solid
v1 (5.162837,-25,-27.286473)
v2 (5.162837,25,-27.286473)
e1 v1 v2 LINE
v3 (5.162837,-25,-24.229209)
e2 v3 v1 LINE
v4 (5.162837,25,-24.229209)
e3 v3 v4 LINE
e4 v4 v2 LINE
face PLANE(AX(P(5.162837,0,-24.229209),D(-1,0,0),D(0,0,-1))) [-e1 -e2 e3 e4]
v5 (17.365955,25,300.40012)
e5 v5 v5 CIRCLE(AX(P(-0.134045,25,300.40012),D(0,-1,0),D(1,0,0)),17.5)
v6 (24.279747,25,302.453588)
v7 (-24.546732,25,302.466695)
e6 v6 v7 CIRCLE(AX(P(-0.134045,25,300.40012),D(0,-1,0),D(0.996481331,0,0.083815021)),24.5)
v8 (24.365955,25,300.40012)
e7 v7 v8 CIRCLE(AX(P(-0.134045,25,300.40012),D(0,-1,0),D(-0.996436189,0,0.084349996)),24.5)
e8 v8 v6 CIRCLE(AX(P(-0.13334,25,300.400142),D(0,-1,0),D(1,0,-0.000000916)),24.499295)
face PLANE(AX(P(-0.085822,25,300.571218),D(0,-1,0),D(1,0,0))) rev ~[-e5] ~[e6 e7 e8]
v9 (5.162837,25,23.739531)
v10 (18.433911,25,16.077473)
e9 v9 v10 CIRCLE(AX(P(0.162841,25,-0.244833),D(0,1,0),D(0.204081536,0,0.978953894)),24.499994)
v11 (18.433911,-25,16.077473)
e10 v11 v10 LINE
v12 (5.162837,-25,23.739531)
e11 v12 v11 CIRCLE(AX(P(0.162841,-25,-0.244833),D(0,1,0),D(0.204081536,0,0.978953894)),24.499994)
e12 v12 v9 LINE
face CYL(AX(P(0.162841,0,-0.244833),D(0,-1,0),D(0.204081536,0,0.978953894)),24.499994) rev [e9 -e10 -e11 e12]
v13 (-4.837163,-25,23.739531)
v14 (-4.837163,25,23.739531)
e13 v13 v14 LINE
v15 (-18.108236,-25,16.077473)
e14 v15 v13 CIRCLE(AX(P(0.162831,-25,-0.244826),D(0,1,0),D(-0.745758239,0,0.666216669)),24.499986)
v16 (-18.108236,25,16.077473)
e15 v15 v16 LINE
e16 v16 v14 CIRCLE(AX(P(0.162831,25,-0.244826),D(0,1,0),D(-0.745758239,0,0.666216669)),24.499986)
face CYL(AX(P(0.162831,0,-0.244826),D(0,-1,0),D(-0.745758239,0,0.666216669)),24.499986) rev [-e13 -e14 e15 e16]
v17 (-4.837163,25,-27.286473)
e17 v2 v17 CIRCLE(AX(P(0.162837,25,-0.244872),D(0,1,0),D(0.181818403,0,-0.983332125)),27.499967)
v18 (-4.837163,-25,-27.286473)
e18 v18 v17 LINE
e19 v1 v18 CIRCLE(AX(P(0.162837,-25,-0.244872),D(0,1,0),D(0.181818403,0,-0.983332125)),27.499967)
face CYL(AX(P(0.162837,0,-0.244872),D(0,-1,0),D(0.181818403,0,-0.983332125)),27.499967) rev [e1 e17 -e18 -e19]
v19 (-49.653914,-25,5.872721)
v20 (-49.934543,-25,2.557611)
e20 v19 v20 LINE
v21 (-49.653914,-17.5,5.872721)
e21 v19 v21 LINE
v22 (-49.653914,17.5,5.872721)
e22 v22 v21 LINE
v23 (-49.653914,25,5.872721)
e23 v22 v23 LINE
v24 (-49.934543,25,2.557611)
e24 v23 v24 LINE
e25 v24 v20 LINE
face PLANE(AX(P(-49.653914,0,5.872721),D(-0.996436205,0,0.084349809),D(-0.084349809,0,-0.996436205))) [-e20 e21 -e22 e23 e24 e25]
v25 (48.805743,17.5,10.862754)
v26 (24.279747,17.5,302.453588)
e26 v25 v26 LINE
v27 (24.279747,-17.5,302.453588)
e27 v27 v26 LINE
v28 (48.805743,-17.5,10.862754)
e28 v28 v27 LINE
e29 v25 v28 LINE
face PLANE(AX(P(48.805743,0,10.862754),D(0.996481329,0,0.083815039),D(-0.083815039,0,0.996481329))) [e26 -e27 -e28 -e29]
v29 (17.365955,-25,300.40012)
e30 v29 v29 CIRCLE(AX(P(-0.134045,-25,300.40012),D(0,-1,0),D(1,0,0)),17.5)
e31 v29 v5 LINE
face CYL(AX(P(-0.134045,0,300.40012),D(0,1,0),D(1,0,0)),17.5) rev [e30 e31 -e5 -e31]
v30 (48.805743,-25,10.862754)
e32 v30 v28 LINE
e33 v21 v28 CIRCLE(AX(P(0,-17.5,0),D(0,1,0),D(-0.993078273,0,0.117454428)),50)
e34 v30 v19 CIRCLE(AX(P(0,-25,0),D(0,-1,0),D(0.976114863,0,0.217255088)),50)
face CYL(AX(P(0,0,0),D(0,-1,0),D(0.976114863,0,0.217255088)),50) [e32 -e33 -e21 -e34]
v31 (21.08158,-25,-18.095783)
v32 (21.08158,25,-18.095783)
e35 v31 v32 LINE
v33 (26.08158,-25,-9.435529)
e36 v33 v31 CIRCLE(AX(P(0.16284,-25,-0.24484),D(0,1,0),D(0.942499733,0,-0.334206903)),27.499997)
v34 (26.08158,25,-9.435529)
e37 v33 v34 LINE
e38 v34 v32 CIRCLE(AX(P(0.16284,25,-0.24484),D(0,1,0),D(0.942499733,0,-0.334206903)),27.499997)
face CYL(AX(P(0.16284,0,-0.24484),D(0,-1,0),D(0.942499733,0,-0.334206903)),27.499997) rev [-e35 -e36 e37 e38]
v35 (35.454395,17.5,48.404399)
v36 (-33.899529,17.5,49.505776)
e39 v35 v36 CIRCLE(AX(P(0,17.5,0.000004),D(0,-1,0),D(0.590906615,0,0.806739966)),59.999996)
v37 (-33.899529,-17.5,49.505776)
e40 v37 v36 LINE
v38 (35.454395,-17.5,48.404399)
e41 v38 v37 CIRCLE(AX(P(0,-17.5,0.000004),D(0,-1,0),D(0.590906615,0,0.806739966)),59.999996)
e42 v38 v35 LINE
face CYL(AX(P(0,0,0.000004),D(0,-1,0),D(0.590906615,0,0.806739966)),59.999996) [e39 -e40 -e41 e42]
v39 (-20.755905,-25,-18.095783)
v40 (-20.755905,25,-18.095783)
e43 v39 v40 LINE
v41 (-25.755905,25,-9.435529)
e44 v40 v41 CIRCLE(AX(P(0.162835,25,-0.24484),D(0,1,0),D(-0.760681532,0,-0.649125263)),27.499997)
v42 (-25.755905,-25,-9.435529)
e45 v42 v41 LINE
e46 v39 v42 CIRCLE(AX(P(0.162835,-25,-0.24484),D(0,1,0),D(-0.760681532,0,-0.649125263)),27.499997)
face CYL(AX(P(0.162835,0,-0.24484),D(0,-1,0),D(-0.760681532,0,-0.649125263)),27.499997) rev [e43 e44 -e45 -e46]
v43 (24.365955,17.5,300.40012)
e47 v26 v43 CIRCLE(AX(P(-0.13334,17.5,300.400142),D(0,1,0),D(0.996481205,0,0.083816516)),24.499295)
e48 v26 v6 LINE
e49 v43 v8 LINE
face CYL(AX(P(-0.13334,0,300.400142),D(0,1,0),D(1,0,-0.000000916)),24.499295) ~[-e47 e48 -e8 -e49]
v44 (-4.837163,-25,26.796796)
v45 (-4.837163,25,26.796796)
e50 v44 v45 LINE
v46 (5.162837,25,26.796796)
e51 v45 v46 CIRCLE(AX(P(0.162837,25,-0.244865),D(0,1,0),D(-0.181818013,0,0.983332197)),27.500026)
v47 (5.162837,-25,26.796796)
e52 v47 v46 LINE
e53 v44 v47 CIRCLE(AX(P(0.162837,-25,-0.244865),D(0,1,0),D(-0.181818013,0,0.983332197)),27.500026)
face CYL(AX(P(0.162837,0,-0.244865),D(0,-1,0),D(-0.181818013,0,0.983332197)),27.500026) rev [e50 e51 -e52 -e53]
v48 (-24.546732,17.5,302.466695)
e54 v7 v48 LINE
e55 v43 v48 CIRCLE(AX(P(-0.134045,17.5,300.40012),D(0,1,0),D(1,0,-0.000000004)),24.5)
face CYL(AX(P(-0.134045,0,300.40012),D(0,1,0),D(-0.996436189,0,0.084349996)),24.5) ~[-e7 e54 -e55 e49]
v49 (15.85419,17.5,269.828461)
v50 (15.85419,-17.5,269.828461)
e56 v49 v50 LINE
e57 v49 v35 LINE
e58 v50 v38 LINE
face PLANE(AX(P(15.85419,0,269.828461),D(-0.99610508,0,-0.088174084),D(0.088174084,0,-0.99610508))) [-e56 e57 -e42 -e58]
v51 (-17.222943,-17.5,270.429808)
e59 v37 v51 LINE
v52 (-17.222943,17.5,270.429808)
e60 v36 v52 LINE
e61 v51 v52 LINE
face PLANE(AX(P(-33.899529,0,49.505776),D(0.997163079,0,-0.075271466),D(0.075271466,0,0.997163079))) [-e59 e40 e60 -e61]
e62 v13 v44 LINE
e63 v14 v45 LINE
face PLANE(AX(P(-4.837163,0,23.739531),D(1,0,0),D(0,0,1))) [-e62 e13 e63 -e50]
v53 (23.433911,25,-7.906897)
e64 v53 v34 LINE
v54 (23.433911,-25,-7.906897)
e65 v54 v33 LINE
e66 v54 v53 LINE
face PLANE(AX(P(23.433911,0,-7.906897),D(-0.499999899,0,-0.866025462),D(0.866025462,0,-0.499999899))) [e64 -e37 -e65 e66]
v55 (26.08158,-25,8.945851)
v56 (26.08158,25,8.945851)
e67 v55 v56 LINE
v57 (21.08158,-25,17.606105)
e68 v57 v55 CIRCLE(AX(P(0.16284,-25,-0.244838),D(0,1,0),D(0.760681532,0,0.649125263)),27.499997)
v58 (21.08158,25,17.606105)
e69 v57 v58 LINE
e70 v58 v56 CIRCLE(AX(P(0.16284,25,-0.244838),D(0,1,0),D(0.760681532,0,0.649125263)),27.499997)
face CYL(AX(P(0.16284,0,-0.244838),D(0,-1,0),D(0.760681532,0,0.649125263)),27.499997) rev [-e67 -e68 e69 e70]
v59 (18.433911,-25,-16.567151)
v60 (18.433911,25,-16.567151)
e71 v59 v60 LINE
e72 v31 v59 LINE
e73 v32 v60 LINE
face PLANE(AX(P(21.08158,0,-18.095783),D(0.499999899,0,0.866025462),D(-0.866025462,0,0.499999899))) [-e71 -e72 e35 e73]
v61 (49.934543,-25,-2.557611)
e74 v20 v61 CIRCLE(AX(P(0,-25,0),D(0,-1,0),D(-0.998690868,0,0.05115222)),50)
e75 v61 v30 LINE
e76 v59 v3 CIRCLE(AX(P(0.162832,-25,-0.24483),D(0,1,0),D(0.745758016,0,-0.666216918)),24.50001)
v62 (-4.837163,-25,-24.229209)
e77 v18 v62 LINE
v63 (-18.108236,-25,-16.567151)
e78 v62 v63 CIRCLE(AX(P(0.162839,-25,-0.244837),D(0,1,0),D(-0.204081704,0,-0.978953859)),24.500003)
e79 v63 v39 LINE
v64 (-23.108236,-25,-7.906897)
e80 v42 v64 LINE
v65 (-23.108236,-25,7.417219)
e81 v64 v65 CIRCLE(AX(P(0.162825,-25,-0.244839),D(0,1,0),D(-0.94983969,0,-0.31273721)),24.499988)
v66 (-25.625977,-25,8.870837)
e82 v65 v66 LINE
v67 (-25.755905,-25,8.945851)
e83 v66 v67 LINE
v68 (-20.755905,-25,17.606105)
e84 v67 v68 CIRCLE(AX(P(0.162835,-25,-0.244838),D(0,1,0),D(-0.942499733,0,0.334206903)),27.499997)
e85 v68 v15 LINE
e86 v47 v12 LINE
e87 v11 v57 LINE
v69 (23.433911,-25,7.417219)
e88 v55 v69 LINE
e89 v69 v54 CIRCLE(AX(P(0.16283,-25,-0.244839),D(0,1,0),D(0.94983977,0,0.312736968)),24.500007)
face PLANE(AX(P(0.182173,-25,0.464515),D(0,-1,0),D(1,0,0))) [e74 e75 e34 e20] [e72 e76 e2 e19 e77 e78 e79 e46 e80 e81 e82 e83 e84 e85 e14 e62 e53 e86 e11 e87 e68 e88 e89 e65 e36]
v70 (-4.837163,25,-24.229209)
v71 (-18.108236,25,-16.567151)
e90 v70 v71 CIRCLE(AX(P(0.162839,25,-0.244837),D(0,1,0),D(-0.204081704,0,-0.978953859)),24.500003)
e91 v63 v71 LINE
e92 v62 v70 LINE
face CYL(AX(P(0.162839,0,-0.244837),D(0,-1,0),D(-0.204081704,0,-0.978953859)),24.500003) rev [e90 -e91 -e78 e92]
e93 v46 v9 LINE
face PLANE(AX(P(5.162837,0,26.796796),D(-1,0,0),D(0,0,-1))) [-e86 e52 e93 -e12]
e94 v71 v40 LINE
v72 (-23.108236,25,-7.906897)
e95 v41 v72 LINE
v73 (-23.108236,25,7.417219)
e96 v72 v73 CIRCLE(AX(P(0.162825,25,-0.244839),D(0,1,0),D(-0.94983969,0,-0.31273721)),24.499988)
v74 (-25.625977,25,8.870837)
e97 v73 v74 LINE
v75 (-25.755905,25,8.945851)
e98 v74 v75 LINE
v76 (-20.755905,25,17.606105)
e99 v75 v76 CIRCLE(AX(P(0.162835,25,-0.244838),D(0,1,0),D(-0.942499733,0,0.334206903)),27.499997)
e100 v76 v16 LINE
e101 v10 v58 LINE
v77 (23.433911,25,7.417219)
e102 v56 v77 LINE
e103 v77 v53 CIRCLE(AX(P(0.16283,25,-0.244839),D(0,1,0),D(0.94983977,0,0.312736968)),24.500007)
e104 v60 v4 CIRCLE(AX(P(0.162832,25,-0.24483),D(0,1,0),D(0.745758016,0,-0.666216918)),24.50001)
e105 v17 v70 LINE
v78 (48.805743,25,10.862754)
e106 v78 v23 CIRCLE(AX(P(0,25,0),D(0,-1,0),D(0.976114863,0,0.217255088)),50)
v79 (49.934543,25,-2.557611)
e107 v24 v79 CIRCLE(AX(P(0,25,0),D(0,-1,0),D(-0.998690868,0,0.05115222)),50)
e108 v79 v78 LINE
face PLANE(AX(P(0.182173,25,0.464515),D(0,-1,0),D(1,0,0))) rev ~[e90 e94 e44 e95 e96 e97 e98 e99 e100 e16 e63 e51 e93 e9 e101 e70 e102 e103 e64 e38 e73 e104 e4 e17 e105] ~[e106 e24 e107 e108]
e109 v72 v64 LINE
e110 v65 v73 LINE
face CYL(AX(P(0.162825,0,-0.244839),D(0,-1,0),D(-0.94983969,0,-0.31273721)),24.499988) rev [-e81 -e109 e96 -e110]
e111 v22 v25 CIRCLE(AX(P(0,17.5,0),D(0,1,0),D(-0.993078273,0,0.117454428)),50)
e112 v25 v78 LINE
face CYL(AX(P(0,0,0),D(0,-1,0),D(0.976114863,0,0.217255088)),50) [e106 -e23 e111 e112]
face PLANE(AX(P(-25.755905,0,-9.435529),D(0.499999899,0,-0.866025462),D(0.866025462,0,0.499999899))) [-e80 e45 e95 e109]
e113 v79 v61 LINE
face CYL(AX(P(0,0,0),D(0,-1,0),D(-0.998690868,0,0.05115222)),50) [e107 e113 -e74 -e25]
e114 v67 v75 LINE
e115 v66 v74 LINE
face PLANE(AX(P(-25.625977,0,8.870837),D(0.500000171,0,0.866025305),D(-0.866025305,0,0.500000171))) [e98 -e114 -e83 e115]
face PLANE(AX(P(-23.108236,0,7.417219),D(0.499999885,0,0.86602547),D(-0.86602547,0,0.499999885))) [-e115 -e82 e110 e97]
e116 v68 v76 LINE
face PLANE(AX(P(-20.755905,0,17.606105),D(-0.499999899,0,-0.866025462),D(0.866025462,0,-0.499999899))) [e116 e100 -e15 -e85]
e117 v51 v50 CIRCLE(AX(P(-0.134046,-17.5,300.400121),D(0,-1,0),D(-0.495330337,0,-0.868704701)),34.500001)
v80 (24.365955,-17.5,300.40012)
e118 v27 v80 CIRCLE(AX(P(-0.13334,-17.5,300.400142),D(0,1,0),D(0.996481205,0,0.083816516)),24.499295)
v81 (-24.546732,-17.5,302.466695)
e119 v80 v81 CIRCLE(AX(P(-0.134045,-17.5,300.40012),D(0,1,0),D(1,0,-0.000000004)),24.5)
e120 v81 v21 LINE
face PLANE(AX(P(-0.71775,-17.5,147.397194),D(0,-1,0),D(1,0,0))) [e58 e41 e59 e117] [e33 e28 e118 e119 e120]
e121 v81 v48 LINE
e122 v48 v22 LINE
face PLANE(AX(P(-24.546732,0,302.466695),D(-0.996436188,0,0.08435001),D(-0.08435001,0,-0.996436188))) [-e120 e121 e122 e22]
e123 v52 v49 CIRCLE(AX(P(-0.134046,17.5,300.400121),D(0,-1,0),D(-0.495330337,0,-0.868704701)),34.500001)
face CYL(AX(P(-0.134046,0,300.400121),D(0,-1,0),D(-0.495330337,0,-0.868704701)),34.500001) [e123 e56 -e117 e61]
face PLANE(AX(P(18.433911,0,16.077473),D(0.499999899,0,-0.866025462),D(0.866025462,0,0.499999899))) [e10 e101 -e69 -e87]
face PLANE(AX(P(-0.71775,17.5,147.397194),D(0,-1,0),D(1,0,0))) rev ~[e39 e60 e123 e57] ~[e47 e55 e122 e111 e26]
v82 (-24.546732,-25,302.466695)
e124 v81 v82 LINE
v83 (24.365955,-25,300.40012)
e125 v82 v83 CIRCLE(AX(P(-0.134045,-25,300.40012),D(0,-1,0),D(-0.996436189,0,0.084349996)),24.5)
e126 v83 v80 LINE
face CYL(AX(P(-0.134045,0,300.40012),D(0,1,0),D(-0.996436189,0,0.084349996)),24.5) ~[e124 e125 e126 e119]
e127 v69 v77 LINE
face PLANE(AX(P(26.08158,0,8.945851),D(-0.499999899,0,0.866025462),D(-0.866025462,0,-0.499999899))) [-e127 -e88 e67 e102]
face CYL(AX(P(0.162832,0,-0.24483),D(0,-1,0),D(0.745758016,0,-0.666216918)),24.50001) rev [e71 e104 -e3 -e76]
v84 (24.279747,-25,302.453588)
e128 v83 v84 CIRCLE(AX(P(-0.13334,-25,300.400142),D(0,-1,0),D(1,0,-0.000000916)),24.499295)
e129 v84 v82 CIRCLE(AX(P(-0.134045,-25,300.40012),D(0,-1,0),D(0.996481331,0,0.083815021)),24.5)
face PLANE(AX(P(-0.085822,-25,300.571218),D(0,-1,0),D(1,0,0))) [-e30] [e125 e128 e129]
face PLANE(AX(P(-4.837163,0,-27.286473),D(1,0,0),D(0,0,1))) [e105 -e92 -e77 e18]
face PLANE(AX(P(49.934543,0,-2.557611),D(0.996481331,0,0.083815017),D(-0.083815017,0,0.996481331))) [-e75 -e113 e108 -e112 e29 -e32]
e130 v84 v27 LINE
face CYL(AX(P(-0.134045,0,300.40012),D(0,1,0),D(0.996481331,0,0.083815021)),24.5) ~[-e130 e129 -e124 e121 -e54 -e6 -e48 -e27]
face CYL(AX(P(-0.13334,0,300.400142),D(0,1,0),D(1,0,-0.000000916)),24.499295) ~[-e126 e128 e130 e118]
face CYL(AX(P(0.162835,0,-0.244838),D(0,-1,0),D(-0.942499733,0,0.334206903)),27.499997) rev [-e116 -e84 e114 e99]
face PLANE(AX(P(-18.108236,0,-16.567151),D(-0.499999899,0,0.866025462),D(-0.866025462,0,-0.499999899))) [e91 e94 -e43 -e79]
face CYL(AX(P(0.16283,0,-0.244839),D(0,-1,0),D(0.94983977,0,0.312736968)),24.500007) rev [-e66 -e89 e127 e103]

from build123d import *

# Parameters (mm, degrees)
F1_DEPTH = 17.5
F0_R     = 17.5
F2_DEPTH = 25


with BuildPart() as f1:
    # F0 (on Front) → F1 (new body, symmetric)
    with BuildSketch(Plane.XZ):
        with BuildLine():
            Line((-24.546732, 302.466695), (-49.653914, 5.872721))
            ThreePointArc((-49.653914, 5.872721), (-2.530802, 49.935909), (48.805743, 10.862754))
            Line((48.805743, 10.862754), (24.279747, 302.453588))
            ThreePointArc((24.279747, 302.453588), (24.344394, 301.427758), (24.365955, 300.40012))
            ThreePointArc((24.365955, 300.40012), (-1.168255, 275.921958), (-24.546732, 302.466695))
        make_face()
        with BuildLine():
            Line((15.85419, 269.828461), (35.454395, 48.404399))
            ThreePointArc((35.454395, 48.404399), (0.952712, 59.992436), (-33.899529, 49.505776))
            Line((-33.899529, 49.505776), (-17.222943, 270.429808))
            ThreePointArc((-17.222943, 270.429808), (-0.761157, 265.90582), (15.85419, 269.828461))
        make_face(mode=Mode.SUBTRACT)
    extrude(amount=F1_DEPTH, both=True)

    # F0 (on Front) → F2 (join, symmetric)
    with BuildSketch(Plane.XZ):
        with BuildLine():
            ThreePointArc((24.279747, 302.453588), (-0.127468, 324.900119), (-24.546732, 302.466695))
            ThreePointArc((-24.546732, 302.466695), (-1.168255, 275.921958), (24.365955, 300.40012))
            ThreePointArc((24.365955, 300.40012), (24.344394, 301.427758), (24.279747, 302.453588))
        make_face()
        with Locations((-0.134045, 300.40012)):
            Circle(F0_R, mode=Mode.SUBTRACT)
        with BuildLine():
            Line((-49.653914, 5.872721), (-49.934543, 2.557611))
            ThreePointArc((-49.934543, 2.557611), (-2.557611, -49.934543), (49.934543, -2.557611))
            Line((49.934543, -2.557611), (48.805743, 10.862754))
            ThreePointArc((48.805743, 10.862754), (-2.530802, 49.935909), (-49.653914, 5.872721))
        make_face()
        with BuildLine():
            ThreePointArc((-23.108236, -7.906897), (-24.337163, -0.244839), (-23.108236, 7.417219))
            Line((-23.108236, 7.417219), (-25.625977, 8.870837))
            Line((-25.625977, 8.870837), (-25.755905, 8.945851))
            ThreePointArc((-25.755905, 8.945851), (-23.652861, 13.505161), (-20.755905, 17.606105))
            Line((-20.755905, 17.606105), (-18.108236, 16.077473))
            ThreePointArc((-18.108236, 16.077473), (-12.087163, 20.972784), (-4.837163, 23.739531))
            Line((-4.837163, 23.739531), (-4.837163, 26.796796))
            ThreePointArc((-4.837163, 26.796796), (0.162837, 27.255161), (5.162837, 26.796796))
            Line((5.162837, 26.796796), (5.162837, 23.739531))
            ThreePointArc((5.162837, 23.739531), (12.412837, 20.972784), (18.433911, 16.077473))
            Line((18.433911, 16.077473), (21.08158, 17.606105))
            ThreePointArc((21.08158, 17.606105), (23.978536, 13.505161), (26.08158, 8.945851))
            Line((26.08158, 8.945851), (23.433911, 7.417219))
            ThreePointArc((23.433911, 7.417219), (24.662837, -0.244839), (23.433911, -7.906897))
            Line((23.433911, -7.906897), (26.08158, -9.435529))
            ThreePointArc((26.08158, -9.435529), (23.978536, -13.994839), (21.08158, -18.095783))
            Line((21.08158, -18.095783), (18.433911, -16.567151))
            ThreePointArc((18.433911, -16.567151), (12.412837, -21.462461), (5.162837, -24.229209))
            Line((5.162837, -24.229209), (5.162837, -27.286473))
            ThreePointArc((5.162837, -27.286473), (0.162837, -27.744839), (-4.837163, -27.286473))
            Line((-4.837163, -27.286473), (-4.837163, -24.229209))
            ThreePointArc((-4.837163, -24.229209), (-12.087163, -21.462461), (-18.108236, -16.567151))
            Line((-18.108236, -16.567151), (-20.755905, -18.095783))
            ThreePointArc((-20.755905, -18.095783), (-23.652861, -13.994839), (-25.755905, -9.435529))
            Line((-25.755905, -9.435529), (-23.108236, -7.906897))
        make_face(mode=Mode.SUBTRACT)
    extrude(amount=F2_DEPTH, both=True)


solid = f1.part
